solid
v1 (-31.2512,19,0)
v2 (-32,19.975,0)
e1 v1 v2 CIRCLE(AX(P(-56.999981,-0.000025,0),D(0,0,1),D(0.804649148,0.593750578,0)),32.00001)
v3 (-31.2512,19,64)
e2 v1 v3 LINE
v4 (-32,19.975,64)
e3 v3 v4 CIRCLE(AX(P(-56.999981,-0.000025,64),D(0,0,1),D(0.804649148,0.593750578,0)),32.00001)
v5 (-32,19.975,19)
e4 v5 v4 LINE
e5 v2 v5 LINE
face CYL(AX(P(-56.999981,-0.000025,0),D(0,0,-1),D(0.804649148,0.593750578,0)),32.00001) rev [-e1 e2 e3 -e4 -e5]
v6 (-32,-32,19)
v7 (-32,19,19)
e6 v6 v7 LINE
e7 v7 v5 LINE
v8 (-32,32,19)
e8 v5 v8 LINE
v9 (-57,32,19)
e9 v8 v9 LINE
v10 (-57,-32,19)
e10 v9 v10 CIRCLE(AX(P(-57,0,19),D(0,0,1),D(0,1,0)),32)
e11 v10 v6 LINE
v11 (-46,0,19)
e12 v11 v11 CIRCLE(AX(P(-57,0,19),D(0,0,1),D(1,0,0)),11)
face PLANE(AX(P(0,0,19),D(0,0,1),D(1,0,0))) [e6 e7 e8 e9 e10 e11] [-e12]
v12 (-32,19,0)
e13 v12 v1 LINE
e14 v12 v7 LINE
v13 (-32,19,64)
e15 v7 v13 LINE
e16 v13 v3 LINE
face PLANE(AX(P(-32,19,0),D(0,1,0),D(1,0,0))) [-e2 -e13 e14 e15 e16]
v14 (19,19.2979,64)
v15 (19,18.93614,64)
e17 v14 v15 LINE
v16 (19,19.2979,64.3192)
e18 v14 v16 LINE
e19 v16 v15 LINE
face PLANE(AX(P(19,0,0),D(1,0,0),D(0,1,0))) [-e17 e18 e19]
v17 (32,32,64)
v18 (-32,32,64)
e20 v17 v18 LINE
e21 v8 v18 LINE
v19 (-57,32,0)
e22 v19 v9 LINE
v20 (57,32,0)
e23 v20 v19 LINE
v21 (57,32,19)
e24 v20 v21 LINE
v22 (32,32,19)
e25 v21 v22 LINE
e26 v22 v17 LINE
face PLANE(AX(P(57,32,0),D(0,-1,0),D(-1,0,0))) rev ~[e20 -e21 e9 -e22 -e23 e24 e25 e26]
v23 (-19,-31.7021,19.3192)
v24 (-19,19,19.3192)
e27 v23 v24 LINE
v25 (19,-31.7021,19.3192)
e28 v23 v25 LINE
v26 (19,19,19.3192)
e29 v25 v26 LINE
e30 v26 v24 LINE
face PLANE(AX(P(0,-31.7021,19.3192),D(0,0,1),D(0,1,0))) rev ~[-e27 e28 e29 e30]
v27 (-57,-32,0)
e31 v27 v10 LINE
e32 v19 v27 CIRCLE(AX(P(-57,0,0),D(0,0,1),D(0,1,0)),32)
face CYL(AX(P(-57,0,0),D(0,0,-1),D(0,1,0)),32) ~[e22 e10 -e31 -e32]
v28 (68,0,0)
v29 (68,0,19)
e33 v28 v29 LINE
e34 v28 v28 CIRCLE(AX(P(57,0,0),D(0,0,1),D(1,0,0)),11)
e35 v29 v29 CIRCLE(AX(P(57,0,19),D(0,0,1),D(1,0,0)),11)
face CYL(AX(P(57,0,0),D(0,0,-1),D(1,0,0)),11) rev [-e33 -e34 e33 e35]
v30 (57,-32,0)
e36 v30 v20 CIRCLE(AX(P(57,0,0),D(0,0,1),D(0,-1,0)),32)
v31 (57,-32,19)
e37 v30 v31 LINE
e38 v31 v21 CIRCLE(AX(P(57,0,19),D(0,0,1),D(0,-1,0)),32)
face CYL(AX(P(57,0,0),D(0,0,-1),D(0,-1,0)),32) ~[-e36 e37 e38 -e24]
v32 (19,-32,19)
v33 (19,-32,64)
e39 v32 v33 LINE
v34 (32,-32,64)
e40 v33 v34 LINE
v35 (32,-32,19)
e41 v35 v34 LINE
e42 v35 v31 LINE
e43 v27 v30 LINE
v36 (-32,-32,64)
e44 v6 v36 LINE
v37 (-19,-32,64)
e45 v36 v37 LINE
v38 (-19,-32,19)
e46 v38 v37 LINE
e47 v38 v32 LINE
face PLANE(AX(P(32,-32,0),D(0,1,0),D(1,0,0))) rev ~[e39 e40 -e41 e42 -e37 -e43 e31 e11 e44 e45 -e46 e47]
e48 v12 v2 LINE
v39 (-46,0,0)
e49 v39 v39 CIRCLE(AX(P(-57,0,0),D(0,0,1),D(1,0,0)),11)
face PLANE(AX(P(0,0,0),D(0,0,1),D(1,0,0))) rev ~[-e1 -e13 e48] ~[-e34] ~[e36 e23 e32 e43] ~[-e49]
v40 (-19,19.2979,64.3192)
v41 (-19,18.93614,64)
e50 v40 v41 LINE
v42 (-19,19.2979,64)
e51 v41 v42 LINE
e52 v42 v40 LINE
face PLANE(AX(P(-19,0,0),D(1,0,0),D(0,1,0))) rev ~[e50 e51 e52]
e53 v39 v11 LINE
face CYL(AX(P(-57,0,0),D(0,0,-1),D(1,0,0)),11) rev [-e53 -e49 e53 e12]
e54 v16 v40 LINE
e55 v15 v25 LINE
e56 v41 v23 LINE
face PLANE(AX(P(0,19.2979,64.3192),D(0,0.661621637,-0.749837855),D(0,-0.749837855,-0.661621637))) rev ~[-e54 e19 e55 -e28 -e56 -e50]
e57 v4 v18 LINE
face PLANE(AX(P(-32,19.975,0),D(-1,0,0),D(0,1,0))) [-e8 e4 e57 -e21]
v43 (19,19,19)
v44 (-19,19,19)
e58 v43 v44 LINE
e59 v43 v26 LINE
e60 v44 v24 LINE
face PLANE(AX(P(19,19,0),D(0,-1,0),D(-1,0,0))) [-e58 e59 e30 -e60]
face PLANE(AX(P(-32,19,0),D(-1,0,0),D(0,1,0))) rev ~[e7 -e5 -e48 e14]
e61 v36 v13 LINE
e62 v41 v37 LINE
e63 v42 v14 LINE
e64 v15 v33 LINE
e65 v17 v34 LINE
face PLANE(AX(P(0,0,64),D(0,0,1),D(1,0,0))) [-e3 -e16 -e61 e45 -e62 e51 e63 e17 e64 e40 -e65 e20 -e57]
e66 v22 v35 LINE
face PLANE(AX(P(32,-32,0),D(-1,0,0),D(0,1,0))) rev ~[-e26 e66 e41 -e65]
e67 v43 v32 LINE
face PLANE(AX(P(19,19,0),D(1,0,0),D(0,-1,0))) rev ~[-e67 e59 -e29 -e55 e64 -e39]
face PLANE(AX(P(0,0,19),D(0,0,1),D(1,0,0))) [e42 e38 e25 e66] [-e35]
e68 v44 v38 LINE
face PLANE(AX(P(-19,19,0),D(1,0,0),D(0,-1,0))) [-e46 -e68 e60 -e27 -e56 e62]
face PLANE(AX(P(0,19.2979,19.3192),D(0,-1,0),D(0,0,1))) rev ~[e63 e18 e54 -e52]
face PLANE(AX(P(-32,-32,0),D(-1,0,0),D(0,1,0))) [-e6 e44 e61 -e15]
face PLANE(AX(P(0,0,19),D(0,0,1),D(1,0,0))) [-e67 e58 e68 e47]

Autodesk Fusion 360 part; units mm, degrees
sketch "Sketch1" plane through (0, 0, 0) normal (0, 0, 1) x (1, 0, 0)
  line L0 (57, 32) -> (-57, 32)
  line L1 (-57, -32) -> (57, -32)
  circle A0 centre (57, 0) radius 11
  circle A1 centre (-57, 0) radius 11
  line L2 (-32, 32) -> (32, 32)
  line L3 (32, 32) -> (32, 19)
  line L4 (-32, 19) -> (-32, 32)
  arc A2 (-31.2512, 19) -> (-32, 19.975) centre (-57, 0) ccw
  arc A3 (-57, 32) -> (-57, -32) centre (-57, 0) ccw
  arc A4 (57, -32) -> (57, 32) centre (57, 0) ccw
  line L5 (-32, 19) -> (-31.2512, 19)
  line L6 (-19, 19) -> (-19, -32)
  line L7 (-19, -32) -> (-32, -32)
  line L8 (-32, -32) -> (-32, 19)
  line L9 (32, 19) -> (31.2512, 19)
  line L10 (19, 19) -> (19, -32)
  line L11 (19, -32) -> (32, -32)
  line L12 (32, -32) -> (32, 19)
  line L13 (-32, 17.9649) -> (-29.6806, 16.6628) construction
  line L14 (-31.2512, 19) -> (-32, 19)
  line L15 (32, 19) -> (31.2512, 19)
  line L16 (19, 19) -> (-19, 19)
  dimension "d1" = 114
  dimension "d2" = 64
  dimension "d3" = 22
  dimension "d4" = 22
  dimension "d5" = 64
  dimension "d6" = 13
  dimension "d8" = 13
  dimension "d9" = 13
extrude "Extrude1" add sketch "Sketch1" along normal blind 19 contours L0 L1 L3 A4 L12 makes body 1
extrude "Extrude2" add sketch "Sketch1" along normal blind 19 separate body contours L0 L1 L4 A3 L8 makes body 2
extrude "Extrude3" add sketch "Sketch1" along normal blind 19 separate body contours L1 L6 L10 L16 makes body 3
sketch "Sketch2" plane through (0, 0, 0) normal (1, 0, 0) x (0, 1, 0)
  line L0 (-31.7021, 19.3192) -> (19.2979, 19.3192)
  line L1 (19.2979, 19.3192) -> (19.2979, 64.3192)
  line L2 (19.2979, 64.3192) -> (-31.7021, 19.3192)
  dimension "d16" = 51
  dimension "d17" = 45
extrude "Extrude4" add sketch "Sketch1" along normal blind 64 contours L0 L1 L2 L3 L4 A2 L5 L6 L7 L8 L10 L11 L12 L14 L16 bodies 1 2 3
extrude "Extrude5" add sketch "Sketch2" along normal mid plane 38 bodies 1
equation "d6 = 64 mm - 51 mm"
equation "d17 = 64 mm - 19 mm"
